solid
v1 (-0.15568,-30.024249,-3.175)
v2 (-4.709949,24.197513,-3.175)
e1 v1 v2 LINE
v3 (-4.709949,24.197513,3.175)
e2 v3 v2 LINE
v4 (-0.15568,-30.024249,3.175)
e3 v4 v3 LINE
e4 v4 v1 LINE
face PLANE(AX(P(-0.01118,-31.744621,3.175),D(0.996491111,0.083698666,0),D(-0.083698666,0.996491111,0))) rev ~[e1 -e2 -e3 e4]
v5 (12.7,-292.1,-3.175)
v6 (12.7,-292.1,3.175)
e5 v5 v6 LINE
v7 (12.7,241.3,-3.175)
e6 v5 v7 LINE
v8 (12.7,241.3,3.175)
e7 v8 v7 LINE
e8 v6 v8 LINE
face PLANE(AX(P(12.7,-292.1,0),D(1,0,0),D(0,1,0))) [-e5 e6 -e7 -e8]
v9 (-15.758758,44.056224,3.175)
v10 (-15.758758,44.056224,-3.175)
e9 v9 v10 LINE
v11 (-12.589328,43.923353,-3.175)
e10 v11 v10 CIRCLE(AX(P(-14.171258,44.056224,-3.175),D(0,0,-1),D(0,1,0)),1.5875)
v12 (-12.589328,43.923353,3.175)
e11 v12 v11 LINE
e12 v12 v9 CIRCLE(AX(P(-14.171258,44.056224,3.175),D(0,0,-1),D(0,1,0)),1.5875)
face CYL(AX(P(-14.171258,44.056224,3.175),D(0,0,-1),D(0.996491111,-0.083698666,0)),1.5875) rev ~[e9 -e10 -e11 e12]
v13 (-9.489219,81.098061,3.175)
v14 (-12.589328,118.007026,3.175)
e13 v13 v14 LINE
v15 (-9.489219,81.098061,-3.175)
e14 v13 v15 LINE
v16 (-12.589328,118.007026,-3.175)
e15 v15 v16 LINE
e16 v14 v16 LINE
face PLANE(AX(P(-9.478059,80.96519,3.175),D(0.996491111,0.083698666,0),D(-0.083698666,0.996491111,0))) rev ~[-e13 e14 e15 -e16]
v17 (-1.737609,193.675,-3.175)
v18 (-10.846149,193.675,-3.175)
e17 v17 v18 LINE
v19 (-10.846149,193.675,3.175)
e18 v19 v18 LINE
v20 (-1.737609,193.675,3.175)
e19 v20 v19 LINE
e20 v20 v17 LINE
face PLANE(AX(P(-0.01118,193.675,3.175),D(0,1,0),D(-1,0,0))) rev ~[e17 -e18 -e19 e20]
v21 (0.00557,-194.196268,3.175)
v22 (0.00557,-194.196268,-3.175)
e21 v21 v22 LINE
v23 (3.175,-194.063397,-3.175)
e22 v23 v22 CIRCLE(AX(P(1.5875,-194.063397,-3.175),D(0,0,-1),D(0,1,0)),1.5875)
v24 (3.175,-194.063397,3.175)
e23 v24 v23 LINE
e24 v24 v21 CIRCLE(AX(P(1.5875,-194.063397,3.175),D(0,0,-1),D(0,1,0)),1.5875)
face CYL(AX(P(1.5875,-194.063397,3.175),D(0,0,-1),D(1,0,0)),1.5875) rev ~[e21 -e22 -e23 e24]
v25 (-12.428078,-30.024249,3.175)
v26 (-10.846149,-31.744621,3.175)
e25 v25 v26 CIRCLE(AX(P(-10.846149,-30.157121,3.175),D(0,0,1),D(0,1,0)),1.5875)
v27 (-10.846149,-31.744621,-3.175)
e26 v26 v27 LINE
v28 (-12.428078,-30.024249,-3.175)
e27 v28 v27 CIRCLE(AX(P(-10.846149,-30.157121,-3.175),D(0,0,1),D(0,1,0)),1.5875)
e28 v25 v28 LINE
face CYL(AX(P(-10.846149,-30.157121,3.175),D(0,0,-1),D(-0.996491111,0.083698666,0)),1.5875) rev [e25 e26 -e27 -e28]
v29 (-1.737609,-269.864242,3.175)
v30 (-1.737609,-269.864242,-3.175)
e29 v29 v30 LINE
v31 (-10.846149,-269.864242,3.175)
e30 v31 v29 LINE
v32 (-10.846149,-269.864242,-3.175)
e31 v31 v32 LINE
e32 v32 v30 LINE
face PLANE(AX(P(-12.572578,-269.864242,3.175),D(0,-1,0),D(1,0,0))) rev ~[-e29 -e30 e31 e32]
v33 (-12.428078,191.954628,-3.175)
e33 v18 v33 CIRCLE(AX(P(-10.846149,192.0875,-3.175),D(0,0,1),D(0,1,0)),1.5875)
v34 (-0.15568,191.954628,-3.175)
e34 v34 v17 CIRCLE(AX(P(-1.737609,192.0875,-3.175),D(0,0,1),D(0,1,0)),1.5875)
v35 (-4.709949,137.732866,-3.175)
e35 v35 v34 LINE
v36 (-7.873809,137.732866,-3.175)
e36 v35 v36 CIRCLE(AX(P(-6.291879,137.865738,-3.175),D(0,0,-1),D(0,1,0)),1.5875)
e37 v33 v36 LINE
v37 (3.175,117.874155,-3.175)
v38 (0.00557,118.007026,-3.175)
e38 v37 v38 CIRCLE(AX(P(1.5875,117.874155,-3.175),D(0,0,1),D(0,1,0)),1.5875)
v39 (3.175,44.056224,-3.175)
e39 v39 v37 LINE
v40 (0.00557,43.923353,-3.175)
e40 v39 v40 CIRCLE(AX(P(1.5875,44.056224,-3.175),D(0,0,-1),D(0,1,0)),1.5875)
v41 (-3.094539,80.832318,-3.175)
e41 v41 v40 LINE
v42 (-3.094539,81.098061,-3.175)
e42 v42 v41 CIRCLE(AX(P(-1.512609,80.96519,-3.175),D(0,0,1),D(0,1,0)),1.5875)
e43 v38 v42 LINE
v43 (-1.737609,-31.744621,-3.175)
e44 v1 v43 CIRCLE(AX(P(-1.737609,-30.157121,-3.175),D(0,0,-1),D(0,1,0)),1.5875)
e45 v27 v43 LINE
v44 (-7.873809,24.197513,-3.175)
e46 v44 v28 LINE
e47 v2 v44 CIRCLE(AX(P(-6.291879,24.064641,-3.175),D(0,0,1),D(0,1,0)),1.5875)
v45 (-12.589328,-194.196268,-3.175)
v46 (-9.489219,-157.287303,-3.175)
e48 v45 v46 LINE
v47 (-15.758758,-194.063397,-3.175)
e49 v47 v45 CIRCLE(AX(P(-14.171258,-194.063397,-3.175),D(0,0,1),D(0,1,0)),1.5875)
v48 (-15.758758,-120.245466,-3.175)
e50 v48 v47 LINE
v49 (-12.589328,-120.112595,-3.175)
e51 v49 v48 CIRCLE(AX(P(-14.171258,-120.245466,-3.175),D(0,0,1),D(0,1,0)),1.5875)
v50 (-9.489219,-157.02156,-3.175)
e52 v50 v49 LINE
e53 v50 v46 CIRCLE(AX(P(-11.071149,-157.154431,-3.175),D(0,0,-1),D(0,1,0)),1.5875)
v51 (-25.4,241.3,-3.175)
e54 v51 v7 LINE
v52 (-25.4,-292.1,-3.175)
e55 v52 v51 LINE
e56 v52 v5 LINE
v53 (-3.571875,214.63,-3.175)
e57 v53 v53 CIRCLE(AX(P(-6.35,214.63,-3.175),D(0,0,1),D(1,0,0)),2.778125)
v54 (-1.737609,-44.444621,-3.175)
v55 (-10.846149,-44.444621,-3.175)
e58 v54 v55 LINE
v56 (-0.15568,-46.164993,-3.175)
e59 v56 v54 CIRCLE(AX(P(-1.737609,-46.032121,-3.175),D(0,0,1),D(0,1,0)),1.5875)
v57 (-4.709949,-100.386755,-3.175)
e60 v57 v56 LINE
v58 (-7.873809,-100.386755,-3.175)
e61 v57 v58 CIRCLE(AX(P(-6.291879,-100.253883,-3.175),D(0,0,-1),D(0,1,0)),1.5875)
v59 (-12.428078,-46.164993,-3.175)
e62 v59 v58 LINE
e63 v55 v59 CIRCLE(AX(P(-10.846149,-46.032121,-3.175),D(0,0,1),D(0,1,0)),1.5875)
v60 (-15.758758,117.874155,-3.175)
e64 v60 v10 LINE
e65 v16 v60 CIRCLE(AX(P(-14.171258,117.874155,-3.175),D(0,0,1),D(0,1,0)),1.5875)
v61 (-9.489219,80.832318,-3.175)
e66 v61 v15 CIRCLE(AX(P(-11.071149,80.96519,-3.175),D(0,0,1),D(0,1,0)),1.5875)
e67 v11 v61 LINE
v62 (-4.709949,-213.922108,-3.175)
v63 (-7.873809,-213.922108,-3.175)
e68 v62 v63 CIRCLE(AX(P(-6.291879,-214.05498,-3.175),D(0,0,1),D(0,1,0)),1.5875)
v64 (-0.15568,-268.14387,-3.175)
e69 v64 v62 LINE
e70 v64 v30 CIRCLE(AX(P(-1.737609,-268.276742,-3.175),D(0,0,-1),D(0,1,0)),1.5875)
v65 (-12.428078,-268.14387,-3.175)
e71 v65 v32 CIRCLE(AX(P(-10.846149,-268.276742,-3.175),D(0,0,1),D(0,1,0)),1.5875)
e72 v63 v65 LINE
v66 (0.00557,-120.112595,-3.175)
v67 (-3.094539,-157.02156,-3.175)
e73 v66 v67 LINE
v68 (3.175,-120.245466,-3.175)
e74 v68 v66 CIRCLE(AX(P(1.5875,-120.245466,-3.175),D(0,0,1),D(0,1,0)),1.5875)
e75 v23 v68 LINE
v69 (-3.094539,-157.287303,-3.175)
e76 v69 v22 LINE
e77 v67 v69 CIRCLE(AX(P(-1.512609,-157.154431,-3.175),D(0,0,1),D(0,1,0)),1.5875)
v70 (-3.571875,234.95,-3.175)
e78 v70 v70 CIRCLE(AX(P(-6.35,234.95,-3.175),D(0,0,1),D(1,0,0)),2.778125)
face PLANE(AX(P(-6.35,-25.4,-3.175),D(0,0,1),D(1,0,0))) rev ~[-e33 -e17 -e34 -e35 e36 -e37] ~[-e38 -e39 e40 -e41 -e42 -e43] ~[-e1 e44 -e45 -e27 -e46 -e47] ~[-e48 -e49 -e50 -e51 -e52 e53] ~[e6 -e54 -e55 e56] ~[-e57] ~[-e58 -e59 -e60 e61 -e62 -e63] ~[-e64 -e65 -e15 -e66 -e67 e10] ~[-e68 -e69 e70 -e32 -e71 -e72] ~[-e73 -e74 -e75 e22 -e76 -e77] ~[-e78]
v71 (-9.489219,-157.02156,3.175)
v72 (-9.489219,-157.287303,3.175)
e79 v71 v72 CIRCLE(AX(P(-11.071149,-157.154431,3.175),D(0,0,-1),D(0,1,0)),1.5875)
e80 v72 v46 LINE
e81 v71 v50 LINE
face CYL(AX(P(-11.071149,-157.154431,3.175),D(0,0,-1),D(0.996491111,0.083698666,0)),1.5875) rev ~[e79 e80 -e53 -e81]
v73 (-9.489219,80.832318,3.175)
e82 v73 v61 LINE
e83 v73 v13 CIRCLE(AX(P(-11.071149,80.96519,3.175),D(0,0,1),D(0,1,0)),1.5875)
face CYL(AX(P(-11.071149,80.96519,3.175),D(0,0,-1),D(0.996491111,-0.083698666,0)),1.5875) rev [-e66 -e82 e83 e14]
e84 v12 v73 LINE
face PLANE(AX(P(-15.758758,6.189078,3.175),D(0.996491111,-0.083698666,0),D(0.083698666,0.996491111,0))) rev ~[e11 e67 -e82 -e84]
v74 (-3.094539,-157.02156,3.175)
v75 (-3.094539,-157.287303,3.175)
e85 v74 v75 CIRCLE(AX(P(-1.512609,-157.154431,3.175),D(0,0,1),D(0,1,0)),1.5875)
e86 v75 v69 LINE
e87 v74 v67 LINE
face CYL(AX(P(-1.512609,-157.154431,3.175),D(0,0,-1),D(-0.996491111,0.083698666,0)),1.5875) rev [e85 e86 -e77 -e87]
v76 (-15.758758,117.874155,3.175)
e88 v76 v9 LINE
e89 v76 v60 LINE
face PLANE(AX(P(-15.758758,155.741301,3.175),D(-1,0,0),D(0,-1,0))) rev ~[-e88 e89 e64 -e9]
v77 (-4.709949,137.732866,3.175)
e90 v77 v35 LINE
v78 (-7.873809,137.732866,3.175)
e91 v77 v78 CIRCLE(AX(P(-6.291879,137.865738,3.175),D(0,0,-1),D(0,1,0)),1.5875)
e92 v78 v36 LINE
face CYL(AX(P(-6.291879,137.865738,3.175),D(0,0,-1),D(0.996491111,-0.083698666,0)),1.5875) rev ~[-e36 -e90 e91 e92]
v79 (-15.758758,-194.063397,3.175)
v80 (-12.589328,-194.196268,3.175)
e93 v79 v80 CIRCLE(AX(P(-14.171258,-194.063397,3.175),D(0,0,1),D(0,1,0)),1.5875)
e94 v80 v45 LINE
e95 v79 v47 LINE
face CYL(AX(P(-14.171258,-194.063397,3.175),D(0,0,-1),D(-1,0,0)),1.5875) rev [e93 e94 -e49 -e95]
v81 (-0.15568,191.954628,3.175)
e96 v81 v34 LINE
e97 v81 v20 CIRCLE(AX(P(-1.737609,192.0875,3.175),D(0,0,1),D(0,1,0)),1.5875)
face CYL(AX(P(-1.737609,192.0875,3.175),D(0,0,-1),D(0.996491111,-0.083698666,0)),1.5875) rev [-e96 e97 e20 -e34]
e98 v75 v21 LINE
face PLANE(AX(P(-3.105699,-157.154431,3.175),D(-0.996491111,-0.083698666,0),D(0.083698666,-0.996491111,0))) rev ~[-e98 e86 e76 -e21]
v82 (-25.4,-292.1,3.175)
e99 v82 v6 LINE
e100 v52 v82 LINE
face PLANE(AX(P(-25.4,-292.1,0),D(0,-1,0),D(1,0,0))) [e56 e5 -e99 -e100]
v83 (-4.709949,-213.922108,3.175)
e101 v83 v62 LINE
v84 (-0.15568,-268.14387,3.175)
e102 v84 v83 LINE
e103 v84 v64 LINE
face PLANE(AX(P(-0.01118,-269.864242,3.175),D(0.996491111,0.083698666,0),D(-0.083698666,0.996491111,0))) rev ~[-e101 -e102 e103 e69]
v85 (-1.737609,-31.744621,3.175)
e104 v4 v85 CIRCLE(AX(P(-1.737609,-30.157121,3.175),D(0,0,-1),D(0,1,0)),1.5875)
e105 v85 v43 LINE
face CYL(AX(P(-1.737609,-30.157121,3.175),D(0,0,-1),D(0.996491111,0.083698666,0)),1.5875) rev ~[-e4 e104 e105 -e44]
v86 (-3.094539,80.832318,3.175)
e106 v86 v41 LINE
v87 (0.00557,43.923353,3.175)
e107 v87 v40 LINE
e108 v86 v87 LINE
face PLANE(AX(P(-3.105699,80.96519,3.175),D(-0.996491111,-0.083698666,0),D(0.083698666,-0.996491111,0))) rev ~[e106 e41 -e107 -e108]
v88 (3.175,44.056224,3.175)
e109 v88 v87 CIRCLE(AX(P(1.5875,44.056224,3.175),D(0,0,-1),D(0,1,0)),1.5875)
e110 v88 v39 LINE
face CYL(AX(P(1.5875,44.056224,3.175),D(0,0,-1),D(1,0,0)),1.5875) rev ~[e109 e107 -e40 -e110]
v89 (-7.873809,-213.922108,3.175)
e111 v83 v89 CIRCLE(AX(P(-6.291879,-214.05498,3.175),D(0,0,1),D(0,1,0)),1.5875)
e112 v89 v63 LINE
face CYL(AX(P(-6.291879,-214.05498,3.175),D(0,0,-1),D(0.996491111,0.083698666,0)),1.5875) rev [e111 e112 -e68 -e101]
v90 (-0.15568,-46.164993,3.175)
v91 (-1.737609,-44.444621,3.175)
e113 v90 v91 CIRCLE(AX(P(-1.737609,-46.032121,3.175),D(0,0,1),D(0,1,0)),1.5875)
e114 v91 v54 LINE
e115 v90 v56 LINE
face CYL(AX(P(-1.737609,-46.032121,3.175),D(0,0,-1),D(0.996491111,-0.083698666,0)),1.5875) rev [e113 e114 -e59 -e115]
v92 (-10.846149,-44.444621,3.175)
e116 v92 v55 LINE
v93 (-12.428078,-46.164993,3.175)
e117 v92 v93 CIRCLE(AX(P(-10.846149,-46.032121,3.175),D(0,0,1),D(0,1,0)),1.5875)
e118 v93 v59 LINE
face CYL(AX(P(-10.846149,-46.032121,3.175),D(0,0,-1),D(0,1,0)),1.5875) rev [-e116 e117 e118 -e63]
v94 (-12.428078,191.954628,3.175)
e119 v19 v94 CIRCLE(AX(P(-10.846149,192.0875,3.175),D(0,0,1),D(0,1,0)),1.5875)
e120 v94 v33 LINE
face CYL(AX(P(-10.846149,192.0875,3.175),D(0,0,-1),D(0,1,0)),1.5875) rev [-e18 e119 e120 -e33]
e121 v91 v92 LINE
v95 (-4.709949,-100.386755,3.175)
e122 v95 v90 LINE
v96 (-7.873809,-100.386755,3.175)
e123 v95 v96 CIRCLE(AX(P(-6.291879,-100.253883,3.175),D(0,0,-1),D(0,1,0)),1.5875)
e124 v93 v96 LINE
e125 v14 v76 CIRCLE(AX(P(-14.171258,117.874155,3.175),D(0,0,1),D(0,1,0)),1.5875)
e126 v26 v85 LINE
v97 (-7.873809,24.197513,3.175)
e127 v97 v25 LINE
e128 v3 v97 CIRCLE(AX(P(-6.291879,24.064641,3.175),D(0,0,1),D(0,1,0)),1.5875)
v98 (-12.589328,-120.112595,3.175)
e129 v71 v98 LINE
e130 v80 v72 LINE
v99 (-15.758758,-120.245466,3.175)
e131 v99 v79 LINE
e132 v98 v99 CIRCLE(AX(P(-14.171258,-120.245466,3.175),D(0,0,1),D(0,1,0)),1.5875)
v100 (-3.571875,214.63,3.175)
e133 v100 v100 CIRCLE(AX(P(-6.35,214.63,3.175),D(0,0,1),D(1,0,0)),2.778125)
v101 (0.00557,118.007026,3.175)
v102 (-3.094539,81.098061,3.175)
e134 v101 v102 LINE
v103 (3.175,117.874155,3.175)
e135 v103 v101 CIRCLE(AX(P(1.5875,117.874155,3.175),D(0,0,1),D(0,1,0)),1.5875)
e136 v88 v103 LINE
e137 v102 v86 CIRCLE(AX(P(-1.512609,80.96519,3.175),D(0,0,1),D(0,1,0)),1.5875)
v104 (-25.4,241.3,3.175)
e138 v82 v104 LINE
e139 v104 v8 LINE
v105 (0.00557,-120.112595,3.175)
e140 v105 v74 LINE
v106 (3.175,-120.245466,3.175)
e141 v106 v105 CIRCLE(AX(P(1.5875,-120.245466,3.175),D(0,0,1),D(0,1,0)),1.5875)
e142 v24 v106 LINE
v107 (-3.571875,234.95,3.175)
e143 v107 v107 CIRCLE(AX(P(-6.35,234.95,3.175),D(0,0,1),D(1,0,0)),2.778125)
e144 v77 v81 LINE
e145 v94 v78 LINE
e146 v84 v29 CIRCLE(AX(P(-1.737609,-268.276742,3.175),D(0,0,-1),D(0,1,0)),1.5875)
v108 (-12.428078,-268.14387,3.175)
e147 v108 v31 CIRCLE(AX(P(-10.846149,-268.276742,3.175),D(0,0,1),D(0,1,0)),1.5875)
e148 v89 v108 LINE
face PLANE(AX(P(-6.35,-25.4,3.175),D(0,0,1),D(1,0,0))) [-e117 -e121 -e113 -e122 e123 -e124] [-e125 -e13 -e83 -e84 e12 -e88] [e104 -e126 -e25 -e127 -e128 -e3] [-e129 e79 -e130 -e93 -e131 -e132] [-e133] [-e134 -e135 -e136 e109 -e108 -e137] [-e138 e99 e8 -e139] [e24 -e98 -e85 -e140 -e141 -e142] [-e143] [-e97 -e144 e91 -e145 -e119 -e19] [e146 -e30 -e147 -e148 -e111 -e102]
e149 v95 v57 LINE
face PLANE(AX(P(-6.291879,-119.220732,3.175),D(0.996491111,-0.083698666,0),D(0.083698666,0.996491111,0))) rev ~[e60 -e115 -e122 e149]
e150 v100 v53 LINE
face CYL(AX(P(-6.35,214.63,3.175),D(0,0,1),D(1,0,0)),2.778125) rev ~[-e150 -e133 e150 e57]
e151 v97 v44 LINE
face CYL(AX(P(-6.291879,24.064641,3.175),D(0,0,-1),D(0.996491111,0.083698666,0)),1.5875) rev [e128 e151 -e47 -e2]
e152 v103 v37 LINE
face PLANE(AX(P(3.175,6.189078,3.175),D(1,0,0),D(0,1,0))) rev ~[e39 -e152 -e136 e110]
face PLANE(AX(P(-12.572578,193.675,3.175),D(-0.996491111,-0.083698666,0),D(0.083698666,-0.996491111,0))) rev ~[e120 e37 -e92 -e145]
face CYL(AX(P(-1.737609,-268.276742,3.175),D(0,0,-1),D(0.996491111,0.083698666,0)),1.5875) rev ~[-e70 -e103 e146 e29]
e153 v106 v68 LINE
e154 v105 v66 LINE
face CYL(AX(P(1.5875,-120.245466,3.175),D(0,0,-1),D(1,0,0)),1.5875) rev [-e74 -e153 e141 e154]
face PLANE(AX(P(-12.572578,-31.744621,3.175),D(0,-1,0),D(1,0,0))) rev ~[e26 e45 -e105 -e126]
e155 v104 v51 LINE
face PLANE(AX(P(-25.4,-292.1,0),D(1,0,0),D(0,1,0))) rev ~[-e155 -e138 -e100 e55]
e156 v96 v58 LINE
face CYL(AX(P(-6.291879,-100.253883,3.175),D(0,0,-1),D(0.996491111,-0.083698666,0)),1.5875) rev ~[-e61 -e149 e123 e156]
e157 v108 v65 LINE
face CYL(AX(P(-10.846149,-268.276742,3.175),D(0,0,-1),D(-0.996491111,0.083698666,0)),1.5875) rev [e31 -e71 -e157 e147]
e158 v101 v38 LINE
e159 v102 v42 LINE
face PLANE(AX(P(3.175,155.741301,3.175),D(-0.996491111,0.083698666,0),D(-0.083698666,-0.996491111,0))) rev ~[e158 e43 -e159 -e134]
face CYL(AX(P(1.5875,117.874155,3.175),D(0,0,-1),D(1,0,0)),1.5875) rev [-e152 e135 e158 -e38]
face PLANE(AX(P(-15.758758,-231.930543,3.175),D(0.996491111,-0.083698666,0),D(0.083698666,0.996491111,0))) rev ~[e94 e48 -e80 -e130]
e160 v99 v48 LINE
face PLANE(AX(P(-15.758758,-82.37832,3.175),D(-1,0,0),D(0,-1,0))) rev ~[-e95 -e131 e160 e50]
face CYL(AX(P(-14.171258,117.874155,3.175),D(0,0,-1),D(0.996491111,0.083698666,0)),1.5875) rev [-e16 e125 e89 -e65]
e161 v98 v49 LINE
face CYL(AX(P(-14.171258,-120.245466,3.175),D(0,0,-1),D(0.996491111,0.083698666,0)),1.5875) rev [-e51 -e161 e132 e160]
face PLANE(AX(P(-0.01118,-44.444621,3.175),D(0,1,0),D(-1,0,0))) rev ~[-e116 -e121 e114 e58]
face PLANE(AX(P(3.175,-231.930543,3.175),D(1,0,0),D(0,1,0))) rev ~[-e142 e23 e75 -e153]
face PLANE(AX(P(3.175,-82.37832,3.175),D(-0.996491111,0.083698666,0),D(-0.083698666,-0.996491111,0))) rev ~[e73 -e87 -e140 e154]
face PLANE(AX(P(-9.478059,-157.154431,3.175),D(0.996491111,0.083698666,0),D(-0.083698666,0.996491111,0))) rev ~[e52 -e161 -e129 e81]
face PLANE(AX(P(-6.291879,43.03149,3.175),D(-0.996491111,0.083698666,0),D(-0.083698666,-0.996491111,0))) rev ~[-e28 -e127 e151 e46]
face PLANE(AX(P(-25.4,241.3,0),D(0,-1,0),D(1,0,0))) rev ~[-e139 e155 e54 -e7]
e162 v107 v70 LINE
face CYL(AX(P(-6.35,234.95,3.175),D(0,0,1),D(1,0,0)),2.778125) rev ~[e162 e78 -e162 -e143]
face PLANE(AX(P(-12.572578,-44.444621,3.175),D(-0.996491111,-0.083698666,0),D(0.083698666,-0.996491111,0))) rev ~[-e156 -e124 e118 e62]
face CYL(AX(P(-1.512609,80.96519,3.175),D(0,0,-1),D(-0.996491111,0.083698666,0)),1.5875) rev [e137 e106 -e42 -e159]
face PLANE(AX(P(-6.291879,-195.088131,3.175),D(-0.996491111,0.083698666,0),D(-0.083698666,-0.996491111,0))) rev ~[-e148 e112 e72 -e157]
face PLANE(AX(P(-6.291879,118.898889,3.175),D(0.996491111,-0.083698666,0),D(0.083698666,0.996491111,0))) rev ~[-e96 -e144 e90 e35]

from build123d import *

# Parameters (mm, degrees)
SKETCH1_W           = 38.1
SKETCH1_H           = 533.4
BOSS_EXTRUDE1_DEPTH = 3.175
SKETCH2_R           = 2.778125
CUT_EXTRUDE1_DEPTH  = 294.271022264
CUT_EXTRUDE2_DEPTH  = 294.271022264
FILLET1_R           = 1.5875


with BuildPart() as part:
    # Sketch1 → Boss-Extrude1 (new, symmetric)
    with BuildSketch(Plane.XY):
        with Locations((-6.35, -25.4)):
            Rectangle(SKETCH1_W, SKETCH1_H)
    extrude(amount=BOSS_EXTRUDE1_DEPTH, both=True)

    # Sketch2 → Cut-Extrude1 (cut, through all)
    with BuildSketch(Plane.XY.offset(3.175)):
        with Locations((-6.35, 234.95)):
            Circle(SKETCH2_R)
        with Locations((-6.35, 214.63)):
            Circle(SKETCH2_R)
    extrude(amount=-CUT_EXTRUDE1_DEPTH, mode=Mode.SUBTRACT)

    # Sketch3 → Cut-Extrude2 (cut, through all)
    with BuildSketch(Plane.XY.offset(3.175)):
        Polygon((-6.291879002, 118.898888525), (-0.011179953, 193.675), (-12.57257805, 193.675), align=None)
        Polygon((3.175, 6.189078026), (3.175, 155.741300976), (-3.105699049, 80.965189501), align=None)
        Polygon((-15.758758004, 6.189078026), (-9.478058955, 80.965189501), (-15.758758004, 155.741300976), align=None)
        Polygon((-0.011179953, -31.744620998), (-6.291879002, 43.031490477), (-12.57257805, -31.744620998), align=None)
        Polygon((-6.291879002, -119.220732473), (-0.011179953, -44.444620998), (-12.57257805, -44.444620998), align=None)
        Polygon((3.175, -231.930542972), (3.175, -82.378320022), (-3.105699049, -157.154431497), align=None)
        Polygon((-9.478058955, -157.154431497), (-15.758758004, -82.378320022), (-15.758758004, -231.930542972), align=None)
        Polygon((-0.011179953, -269.864241996), (-6.291879002, -195.088130521), (-12.57257805, -269.864241996), align=None)
    extrude(amount=-CUT_EXTRUDE2_DEPTH, mode=Mode.SUBTRACT)

    # Fillet1
    fillet1_edges = [part.edges().sort_by_distance(p)[0] for p in [
        (-6.291879002, -119.220732473, 0),
        (-12.57257805, -44.444620998, 0),
        (-0.011179953, -44.444620998, 0),
        (-6.291879002, 43.031490477, 0),
        (-0.011179953, -31.744620998, 0),
        (-12.57257805, -31.744620998, 0),
        (-15.758758004, 155.741300976, 0),
        (-9.478058955, 80.965189501, 0),
        (-15.758758004, 6.189078026, 0),
        (-3.105699049, 80.965189501, 0),
        (3.175, 155.741300976, 0),
        (3.175, 6.189078026, 0),
        (-12.57257805, -269.864241996, 0),
        (-6.291879002, -195.088130521, 0),
        (-0.011179953, -269.864241996, 0),
        (-15.758758004, -231.930542972, 0),
        (-15.758758004, -82.378320022, 0),
        (-9.478058955, -157.154431497, 0),
        (-3.105699049, -157.154431497, 0),
        (3.175, -82.378320022, 0),
        (3.175, -231.930542972, 0),
        (-12.57257805, 193.675, 0),
        (-0.011179953, 193.675, 0),
        (-6.291879002, 118.898888525, 0),
    ]]
    fillet(fillet1_edges, radius=FILLET1_R)


solid = part.part
